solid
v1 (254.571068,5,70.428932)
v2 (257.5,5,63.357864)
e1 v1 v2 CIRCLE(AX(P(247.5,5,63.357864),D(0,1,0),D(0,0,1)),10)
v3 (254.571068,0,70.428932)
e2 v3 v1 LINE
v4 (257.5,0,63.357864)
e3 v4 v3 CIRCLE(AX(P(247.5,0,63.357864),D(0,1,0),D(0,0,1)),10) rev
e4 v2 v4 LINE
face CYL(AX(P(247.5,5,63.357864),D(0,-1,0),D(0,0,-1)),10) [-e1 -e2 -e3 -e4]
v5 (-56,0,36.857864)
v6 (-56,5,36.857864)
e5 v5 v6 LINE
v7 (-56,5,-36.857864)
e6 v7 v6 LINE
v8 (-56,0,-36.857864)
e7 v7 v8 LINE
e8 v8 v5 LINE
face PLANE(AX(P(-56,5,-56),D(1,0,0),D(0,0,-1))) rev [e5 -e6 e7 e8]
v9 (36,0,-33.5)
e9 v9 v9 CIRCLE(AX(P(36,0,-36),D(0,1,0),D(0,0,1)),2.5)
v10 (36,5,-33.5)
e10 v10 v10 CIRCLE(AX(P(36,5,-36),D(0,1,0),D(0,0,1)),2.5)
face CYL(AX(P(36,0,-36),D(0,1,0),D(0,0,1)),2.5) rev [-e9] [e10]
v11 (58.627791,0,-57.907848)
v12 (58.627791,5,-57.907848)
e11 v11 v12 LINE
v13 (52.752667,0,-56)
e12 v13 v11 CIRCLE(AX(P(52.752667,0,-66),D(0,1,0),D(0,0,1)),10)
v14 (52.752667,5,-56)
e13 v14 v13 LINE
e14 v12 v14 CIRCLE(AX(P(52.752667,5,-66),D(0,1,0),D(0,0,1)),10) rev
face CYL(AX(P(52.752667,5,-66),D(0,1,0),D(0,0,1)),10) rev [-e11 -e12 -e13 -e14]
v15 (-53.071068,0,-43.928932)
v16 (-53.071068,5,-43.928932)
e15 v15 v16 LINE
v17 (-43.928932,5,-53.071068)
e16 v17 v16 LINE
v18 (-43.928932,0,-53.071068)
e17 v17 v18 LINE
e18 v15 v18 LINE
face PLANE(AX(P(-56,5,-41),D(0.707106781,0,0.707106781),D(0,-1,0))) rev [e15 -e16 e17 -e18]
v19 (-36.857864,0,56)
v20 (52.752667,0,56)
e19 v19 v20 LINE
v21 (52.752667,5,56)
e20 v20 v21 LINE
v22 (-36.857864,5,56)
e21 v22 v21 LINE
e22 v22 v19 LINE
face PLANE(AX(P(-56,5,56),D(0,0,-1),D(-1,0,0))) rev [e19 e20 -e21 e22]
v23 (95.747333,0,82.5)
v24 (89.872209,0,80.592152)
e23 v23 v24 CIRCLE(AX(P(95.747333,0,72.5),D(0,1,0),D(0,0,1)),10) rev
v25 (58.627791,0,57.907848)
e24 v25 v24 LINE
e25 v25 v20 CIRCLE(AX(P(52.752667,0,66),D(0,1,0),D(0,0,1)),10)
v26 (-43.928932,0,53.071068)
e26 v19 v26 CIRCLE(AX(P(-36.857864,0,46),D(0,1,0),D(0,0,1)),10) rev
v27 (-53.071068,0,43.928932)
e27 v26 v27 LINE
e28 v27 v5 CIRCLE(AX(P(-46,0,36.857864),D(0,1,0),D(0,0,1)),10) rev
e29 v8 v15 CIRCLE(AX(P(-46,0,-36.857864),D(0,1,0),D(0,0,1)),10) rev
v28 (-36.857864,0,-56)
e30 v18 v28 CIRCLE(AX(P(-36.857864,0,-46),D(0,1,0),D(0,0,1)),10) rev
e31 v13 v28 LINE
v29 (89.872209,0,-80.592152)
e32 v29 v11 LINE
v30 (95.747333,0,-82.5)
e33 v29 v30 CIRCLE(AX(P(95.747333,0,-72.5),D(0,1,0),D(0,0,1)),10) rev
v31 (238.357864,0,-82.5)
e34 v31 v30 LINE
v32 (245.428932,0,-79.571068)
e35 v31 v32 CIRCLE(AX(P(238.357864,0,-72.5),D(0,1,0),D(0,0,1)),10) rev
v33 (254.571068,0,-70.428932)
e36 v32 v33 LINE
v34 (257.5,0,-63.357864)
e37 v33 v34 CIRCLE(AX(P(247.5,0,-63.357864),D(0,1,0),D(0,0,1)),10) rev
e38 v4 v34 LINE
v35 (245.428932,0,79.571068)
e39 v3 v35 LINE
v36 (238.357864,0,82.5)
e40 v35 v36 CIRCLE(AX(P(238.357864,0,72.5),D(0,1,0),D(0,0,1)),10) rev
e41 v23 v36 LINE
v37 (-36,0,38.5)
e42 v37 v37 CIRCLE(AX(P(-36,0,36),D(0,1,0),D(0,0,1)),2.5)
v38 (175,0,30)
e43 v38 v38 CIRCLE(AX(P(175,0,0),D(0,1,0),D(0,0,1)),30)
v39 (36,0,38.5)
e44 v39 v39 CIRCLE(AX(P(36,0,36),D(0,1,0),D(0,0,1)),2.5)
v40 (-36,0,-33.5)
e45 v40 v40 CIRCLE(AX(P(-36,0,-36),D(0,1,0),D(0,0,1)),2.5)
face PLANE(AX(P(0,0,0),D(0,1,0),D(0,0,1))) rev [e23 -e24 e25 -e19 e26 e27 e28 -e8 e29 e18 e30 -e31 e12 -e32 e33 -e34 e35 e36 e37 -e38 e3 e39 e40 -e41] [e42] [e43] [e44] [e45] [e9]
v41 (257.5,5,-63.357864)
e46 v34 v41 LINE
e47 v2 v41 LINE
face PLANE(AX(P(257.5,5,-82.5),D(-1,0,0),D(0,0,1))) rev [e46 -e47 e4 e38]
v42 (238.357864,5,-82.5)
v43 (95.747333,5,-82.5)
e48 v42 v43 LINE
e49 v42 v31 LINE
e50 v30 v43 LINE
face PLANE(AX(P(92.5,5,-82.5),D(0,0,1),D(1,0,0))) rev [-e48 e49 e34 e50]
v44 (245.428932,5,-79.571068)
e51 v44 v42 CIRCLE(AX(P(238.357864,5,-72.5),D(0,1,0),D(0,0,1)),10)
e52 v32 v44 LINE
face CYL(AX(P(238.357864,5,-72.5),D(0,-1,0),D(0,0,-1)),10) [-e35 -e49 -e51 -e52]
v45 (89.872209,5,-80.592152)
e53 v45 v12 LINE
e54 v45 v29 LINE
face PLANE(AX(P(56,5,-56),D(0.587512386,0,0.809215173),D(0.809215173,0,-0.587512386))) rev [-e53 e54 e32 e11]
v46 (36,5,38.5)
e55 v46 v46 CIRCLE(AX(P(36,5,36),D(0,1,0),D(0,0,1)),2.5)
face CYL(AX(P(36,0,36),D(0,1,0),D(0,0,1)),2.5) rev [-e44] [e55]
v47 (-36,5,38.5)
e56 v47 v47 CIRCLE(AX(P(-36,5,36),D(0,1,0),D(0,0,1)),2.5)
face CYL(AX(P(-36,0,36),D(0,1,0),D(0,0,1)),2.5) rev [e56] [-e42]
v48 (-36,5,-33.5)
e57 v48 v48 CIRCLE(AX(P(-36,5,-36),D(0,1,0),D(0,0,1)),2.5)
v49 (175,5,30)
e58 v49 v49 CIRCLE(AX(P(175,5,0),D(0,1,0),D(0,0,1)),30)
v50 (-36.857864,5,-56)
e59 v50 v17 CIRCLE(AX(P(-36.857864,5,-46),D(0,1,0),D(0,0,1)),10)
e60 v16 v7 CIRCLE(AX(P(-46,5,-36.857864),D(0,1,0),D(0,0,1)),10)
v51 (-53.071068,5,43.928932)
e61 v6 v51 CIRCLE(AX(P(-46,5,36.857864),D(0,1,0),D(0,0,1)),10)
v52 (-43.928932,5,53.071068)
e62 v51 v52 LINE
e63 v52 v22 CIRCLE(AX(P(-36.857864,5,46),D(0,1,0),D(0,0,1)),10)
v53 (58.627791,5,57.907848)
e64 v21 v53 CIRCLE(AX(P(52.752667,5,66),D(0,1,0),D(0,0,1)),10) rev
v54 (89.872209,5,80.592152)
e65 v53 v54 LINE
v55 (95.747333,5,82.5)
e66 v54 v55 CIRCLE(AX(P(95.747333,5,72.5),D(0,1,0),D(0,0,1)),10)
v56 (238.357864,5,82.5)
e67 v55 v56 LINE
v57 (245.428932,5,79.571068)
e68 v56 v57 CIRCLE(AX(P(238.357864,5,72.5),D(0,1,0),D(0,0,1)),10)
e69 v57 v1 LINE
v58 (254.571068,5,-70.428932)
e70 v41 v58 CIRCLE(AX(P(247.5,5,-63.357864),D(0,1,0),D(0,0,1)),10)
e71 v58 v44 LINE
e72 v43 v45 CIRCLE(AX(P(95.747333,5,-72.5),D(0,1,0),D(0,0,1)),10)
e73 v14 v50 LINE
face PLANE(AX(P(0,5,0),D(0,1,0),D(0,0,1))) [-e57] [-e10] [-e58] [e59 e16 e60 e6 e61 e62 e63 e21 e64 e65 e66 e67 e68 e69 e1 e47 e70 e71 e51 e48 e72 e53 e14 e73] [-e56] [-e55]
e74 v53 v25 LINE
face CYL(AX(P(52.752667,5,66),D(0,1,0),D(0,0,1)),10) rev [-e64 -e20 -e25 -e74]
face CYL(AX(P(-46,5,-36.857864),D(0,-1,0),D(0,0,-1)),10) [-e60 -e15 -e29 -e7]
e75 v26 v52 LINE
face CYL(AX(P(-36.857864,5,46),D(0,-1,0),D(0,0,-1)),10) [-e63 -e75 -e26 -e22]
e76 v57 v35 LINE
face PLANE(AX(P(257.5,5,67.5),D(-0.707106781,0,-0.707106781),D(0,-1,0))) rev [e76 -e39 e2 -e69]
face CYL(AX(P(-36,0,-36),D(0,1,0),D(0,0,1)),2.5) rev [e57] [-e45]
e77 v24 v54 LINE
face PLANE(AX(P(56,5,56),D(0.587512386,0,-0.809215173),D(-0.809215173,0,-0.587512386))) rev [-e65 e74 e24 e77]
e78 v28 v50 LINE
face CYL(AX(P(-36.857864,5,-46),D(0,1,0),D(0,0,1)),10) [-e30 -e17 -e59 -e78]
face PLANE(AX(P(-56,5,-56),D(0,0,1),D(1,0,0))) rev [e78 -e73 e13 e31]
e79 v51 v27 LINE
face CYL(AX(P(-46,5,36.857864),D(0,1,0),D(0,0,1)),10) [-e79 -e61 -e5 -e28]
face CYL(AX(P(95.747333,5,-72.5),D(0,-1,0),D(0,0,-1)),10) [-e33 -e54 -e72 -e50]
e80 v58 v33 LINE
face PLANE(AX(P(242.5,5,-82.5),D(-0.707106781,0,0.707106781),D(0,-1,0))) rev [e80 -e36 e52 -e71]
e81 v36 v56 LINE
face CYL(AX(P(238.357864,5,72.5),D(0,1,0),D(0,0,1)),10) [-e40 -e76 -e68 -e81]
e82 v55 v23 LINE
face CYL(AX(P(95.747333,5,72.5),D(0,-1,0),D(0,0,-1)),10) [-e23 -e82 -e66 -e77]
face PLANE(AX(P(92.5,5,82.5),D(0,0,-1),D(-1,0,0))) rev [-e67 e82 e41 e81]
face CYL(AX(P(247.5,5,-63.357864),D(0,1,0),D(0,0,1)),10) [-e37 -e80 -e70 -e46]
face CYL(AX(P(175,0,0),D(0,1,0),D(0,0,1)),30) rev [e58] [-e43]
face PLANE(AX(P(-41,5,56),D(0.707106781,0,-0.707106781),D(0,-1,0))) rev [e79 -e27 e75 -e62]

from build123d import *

# Parameters (mm, degrees)
BOSS_EXTRUDE1_DEPTH = 5
CHAMFER1_SIZE       = 15
FILLET1_R           = 10
SKETCH3_R           = 2.5
SKETCH3_R_2         = 30
CUT_EXTRUDE1_DEPTH  = 271.43945718


with BuildPart() as part:
    # Sketch2 → Boss-Extrude1 (new body)
    with BuildSketch(Plane(origin=(0, 0, 0), x_dir=(1, 0, 0), z_dir=(0, 1, 0))):
        Polygon((56, 56), (92.5, 82.5), (257.5, 82.5), (257.5, -82.5), (92.5, -82.5), (56, -56), (-56, -56), (-56, 56), align=None)
    extrude(amount=BOSS_EXTRUDE1_DEPTH)

    # Chamfer1
    chamfer1_edges = [part.edges().sort_by_distance(p)[0] for p in [
        (257.5, 2.5, 82.5),
        (-56, 2.5, 56),
        (-56, 2.5, -56),
        (257.5, 2.5, -82.5),
    ]]
    chamfer(chamfer1_edges, length=CHAMFER1_SIZE)

    # Fillet1
    fillet1_edges = [part.edges().sort_by_distance(p)[0] for p in [
        (92.5, 2.5, 82.5),
        (56, 2.5, 56),
        (56, 2.5, -56),
        (92.5, 2.5, -82.5),
        (-56, 2.5, 41),
        (-56, 2.5, -41),
        (-41, 2.5, -56),
        (-41, 2.5, 56),
        (242.5, 2.5, -82.5),
        (257.5, 2.5, 67.5),
        (257.5, 2.5, -67.5),
        (242.5, 2.5, 82.5),
    ]]
    fillet(fillet1_edges, radius=FILLET1_R)

    # Sketch3 → Cut-Extrude1 (cut, through all)
    with BuildSketch(Plane(origin=(0, 5, 0), x_dir=(1, 0, 0), z_dir=(0, 1, 0))):
        with Locations(Location((36, 36, 0), (0, 0, 270))):
            Circle(SKETCH3_R)
        with Locations(Location((-36, 36, 0), (0, 0, 270))):
            Circle(SKETCH3_R)
        with Locations(Location((-36, -36, 0), (0, 0, 270))):
            Circle(SKETCH3_R)
        with Locations(Location((36, -36, 0), (0, 0, 270))):
            Circle(SKETCH3_R)
        with Locations(Location((175, 0, 0), (0, 0, 270))):
            Circle(SKETCH3_R_2)
    extrude(amount=-CUT_EXTRUDE1_DEPTH, mode=Mode.SUBTRACT)


solid = part.part
